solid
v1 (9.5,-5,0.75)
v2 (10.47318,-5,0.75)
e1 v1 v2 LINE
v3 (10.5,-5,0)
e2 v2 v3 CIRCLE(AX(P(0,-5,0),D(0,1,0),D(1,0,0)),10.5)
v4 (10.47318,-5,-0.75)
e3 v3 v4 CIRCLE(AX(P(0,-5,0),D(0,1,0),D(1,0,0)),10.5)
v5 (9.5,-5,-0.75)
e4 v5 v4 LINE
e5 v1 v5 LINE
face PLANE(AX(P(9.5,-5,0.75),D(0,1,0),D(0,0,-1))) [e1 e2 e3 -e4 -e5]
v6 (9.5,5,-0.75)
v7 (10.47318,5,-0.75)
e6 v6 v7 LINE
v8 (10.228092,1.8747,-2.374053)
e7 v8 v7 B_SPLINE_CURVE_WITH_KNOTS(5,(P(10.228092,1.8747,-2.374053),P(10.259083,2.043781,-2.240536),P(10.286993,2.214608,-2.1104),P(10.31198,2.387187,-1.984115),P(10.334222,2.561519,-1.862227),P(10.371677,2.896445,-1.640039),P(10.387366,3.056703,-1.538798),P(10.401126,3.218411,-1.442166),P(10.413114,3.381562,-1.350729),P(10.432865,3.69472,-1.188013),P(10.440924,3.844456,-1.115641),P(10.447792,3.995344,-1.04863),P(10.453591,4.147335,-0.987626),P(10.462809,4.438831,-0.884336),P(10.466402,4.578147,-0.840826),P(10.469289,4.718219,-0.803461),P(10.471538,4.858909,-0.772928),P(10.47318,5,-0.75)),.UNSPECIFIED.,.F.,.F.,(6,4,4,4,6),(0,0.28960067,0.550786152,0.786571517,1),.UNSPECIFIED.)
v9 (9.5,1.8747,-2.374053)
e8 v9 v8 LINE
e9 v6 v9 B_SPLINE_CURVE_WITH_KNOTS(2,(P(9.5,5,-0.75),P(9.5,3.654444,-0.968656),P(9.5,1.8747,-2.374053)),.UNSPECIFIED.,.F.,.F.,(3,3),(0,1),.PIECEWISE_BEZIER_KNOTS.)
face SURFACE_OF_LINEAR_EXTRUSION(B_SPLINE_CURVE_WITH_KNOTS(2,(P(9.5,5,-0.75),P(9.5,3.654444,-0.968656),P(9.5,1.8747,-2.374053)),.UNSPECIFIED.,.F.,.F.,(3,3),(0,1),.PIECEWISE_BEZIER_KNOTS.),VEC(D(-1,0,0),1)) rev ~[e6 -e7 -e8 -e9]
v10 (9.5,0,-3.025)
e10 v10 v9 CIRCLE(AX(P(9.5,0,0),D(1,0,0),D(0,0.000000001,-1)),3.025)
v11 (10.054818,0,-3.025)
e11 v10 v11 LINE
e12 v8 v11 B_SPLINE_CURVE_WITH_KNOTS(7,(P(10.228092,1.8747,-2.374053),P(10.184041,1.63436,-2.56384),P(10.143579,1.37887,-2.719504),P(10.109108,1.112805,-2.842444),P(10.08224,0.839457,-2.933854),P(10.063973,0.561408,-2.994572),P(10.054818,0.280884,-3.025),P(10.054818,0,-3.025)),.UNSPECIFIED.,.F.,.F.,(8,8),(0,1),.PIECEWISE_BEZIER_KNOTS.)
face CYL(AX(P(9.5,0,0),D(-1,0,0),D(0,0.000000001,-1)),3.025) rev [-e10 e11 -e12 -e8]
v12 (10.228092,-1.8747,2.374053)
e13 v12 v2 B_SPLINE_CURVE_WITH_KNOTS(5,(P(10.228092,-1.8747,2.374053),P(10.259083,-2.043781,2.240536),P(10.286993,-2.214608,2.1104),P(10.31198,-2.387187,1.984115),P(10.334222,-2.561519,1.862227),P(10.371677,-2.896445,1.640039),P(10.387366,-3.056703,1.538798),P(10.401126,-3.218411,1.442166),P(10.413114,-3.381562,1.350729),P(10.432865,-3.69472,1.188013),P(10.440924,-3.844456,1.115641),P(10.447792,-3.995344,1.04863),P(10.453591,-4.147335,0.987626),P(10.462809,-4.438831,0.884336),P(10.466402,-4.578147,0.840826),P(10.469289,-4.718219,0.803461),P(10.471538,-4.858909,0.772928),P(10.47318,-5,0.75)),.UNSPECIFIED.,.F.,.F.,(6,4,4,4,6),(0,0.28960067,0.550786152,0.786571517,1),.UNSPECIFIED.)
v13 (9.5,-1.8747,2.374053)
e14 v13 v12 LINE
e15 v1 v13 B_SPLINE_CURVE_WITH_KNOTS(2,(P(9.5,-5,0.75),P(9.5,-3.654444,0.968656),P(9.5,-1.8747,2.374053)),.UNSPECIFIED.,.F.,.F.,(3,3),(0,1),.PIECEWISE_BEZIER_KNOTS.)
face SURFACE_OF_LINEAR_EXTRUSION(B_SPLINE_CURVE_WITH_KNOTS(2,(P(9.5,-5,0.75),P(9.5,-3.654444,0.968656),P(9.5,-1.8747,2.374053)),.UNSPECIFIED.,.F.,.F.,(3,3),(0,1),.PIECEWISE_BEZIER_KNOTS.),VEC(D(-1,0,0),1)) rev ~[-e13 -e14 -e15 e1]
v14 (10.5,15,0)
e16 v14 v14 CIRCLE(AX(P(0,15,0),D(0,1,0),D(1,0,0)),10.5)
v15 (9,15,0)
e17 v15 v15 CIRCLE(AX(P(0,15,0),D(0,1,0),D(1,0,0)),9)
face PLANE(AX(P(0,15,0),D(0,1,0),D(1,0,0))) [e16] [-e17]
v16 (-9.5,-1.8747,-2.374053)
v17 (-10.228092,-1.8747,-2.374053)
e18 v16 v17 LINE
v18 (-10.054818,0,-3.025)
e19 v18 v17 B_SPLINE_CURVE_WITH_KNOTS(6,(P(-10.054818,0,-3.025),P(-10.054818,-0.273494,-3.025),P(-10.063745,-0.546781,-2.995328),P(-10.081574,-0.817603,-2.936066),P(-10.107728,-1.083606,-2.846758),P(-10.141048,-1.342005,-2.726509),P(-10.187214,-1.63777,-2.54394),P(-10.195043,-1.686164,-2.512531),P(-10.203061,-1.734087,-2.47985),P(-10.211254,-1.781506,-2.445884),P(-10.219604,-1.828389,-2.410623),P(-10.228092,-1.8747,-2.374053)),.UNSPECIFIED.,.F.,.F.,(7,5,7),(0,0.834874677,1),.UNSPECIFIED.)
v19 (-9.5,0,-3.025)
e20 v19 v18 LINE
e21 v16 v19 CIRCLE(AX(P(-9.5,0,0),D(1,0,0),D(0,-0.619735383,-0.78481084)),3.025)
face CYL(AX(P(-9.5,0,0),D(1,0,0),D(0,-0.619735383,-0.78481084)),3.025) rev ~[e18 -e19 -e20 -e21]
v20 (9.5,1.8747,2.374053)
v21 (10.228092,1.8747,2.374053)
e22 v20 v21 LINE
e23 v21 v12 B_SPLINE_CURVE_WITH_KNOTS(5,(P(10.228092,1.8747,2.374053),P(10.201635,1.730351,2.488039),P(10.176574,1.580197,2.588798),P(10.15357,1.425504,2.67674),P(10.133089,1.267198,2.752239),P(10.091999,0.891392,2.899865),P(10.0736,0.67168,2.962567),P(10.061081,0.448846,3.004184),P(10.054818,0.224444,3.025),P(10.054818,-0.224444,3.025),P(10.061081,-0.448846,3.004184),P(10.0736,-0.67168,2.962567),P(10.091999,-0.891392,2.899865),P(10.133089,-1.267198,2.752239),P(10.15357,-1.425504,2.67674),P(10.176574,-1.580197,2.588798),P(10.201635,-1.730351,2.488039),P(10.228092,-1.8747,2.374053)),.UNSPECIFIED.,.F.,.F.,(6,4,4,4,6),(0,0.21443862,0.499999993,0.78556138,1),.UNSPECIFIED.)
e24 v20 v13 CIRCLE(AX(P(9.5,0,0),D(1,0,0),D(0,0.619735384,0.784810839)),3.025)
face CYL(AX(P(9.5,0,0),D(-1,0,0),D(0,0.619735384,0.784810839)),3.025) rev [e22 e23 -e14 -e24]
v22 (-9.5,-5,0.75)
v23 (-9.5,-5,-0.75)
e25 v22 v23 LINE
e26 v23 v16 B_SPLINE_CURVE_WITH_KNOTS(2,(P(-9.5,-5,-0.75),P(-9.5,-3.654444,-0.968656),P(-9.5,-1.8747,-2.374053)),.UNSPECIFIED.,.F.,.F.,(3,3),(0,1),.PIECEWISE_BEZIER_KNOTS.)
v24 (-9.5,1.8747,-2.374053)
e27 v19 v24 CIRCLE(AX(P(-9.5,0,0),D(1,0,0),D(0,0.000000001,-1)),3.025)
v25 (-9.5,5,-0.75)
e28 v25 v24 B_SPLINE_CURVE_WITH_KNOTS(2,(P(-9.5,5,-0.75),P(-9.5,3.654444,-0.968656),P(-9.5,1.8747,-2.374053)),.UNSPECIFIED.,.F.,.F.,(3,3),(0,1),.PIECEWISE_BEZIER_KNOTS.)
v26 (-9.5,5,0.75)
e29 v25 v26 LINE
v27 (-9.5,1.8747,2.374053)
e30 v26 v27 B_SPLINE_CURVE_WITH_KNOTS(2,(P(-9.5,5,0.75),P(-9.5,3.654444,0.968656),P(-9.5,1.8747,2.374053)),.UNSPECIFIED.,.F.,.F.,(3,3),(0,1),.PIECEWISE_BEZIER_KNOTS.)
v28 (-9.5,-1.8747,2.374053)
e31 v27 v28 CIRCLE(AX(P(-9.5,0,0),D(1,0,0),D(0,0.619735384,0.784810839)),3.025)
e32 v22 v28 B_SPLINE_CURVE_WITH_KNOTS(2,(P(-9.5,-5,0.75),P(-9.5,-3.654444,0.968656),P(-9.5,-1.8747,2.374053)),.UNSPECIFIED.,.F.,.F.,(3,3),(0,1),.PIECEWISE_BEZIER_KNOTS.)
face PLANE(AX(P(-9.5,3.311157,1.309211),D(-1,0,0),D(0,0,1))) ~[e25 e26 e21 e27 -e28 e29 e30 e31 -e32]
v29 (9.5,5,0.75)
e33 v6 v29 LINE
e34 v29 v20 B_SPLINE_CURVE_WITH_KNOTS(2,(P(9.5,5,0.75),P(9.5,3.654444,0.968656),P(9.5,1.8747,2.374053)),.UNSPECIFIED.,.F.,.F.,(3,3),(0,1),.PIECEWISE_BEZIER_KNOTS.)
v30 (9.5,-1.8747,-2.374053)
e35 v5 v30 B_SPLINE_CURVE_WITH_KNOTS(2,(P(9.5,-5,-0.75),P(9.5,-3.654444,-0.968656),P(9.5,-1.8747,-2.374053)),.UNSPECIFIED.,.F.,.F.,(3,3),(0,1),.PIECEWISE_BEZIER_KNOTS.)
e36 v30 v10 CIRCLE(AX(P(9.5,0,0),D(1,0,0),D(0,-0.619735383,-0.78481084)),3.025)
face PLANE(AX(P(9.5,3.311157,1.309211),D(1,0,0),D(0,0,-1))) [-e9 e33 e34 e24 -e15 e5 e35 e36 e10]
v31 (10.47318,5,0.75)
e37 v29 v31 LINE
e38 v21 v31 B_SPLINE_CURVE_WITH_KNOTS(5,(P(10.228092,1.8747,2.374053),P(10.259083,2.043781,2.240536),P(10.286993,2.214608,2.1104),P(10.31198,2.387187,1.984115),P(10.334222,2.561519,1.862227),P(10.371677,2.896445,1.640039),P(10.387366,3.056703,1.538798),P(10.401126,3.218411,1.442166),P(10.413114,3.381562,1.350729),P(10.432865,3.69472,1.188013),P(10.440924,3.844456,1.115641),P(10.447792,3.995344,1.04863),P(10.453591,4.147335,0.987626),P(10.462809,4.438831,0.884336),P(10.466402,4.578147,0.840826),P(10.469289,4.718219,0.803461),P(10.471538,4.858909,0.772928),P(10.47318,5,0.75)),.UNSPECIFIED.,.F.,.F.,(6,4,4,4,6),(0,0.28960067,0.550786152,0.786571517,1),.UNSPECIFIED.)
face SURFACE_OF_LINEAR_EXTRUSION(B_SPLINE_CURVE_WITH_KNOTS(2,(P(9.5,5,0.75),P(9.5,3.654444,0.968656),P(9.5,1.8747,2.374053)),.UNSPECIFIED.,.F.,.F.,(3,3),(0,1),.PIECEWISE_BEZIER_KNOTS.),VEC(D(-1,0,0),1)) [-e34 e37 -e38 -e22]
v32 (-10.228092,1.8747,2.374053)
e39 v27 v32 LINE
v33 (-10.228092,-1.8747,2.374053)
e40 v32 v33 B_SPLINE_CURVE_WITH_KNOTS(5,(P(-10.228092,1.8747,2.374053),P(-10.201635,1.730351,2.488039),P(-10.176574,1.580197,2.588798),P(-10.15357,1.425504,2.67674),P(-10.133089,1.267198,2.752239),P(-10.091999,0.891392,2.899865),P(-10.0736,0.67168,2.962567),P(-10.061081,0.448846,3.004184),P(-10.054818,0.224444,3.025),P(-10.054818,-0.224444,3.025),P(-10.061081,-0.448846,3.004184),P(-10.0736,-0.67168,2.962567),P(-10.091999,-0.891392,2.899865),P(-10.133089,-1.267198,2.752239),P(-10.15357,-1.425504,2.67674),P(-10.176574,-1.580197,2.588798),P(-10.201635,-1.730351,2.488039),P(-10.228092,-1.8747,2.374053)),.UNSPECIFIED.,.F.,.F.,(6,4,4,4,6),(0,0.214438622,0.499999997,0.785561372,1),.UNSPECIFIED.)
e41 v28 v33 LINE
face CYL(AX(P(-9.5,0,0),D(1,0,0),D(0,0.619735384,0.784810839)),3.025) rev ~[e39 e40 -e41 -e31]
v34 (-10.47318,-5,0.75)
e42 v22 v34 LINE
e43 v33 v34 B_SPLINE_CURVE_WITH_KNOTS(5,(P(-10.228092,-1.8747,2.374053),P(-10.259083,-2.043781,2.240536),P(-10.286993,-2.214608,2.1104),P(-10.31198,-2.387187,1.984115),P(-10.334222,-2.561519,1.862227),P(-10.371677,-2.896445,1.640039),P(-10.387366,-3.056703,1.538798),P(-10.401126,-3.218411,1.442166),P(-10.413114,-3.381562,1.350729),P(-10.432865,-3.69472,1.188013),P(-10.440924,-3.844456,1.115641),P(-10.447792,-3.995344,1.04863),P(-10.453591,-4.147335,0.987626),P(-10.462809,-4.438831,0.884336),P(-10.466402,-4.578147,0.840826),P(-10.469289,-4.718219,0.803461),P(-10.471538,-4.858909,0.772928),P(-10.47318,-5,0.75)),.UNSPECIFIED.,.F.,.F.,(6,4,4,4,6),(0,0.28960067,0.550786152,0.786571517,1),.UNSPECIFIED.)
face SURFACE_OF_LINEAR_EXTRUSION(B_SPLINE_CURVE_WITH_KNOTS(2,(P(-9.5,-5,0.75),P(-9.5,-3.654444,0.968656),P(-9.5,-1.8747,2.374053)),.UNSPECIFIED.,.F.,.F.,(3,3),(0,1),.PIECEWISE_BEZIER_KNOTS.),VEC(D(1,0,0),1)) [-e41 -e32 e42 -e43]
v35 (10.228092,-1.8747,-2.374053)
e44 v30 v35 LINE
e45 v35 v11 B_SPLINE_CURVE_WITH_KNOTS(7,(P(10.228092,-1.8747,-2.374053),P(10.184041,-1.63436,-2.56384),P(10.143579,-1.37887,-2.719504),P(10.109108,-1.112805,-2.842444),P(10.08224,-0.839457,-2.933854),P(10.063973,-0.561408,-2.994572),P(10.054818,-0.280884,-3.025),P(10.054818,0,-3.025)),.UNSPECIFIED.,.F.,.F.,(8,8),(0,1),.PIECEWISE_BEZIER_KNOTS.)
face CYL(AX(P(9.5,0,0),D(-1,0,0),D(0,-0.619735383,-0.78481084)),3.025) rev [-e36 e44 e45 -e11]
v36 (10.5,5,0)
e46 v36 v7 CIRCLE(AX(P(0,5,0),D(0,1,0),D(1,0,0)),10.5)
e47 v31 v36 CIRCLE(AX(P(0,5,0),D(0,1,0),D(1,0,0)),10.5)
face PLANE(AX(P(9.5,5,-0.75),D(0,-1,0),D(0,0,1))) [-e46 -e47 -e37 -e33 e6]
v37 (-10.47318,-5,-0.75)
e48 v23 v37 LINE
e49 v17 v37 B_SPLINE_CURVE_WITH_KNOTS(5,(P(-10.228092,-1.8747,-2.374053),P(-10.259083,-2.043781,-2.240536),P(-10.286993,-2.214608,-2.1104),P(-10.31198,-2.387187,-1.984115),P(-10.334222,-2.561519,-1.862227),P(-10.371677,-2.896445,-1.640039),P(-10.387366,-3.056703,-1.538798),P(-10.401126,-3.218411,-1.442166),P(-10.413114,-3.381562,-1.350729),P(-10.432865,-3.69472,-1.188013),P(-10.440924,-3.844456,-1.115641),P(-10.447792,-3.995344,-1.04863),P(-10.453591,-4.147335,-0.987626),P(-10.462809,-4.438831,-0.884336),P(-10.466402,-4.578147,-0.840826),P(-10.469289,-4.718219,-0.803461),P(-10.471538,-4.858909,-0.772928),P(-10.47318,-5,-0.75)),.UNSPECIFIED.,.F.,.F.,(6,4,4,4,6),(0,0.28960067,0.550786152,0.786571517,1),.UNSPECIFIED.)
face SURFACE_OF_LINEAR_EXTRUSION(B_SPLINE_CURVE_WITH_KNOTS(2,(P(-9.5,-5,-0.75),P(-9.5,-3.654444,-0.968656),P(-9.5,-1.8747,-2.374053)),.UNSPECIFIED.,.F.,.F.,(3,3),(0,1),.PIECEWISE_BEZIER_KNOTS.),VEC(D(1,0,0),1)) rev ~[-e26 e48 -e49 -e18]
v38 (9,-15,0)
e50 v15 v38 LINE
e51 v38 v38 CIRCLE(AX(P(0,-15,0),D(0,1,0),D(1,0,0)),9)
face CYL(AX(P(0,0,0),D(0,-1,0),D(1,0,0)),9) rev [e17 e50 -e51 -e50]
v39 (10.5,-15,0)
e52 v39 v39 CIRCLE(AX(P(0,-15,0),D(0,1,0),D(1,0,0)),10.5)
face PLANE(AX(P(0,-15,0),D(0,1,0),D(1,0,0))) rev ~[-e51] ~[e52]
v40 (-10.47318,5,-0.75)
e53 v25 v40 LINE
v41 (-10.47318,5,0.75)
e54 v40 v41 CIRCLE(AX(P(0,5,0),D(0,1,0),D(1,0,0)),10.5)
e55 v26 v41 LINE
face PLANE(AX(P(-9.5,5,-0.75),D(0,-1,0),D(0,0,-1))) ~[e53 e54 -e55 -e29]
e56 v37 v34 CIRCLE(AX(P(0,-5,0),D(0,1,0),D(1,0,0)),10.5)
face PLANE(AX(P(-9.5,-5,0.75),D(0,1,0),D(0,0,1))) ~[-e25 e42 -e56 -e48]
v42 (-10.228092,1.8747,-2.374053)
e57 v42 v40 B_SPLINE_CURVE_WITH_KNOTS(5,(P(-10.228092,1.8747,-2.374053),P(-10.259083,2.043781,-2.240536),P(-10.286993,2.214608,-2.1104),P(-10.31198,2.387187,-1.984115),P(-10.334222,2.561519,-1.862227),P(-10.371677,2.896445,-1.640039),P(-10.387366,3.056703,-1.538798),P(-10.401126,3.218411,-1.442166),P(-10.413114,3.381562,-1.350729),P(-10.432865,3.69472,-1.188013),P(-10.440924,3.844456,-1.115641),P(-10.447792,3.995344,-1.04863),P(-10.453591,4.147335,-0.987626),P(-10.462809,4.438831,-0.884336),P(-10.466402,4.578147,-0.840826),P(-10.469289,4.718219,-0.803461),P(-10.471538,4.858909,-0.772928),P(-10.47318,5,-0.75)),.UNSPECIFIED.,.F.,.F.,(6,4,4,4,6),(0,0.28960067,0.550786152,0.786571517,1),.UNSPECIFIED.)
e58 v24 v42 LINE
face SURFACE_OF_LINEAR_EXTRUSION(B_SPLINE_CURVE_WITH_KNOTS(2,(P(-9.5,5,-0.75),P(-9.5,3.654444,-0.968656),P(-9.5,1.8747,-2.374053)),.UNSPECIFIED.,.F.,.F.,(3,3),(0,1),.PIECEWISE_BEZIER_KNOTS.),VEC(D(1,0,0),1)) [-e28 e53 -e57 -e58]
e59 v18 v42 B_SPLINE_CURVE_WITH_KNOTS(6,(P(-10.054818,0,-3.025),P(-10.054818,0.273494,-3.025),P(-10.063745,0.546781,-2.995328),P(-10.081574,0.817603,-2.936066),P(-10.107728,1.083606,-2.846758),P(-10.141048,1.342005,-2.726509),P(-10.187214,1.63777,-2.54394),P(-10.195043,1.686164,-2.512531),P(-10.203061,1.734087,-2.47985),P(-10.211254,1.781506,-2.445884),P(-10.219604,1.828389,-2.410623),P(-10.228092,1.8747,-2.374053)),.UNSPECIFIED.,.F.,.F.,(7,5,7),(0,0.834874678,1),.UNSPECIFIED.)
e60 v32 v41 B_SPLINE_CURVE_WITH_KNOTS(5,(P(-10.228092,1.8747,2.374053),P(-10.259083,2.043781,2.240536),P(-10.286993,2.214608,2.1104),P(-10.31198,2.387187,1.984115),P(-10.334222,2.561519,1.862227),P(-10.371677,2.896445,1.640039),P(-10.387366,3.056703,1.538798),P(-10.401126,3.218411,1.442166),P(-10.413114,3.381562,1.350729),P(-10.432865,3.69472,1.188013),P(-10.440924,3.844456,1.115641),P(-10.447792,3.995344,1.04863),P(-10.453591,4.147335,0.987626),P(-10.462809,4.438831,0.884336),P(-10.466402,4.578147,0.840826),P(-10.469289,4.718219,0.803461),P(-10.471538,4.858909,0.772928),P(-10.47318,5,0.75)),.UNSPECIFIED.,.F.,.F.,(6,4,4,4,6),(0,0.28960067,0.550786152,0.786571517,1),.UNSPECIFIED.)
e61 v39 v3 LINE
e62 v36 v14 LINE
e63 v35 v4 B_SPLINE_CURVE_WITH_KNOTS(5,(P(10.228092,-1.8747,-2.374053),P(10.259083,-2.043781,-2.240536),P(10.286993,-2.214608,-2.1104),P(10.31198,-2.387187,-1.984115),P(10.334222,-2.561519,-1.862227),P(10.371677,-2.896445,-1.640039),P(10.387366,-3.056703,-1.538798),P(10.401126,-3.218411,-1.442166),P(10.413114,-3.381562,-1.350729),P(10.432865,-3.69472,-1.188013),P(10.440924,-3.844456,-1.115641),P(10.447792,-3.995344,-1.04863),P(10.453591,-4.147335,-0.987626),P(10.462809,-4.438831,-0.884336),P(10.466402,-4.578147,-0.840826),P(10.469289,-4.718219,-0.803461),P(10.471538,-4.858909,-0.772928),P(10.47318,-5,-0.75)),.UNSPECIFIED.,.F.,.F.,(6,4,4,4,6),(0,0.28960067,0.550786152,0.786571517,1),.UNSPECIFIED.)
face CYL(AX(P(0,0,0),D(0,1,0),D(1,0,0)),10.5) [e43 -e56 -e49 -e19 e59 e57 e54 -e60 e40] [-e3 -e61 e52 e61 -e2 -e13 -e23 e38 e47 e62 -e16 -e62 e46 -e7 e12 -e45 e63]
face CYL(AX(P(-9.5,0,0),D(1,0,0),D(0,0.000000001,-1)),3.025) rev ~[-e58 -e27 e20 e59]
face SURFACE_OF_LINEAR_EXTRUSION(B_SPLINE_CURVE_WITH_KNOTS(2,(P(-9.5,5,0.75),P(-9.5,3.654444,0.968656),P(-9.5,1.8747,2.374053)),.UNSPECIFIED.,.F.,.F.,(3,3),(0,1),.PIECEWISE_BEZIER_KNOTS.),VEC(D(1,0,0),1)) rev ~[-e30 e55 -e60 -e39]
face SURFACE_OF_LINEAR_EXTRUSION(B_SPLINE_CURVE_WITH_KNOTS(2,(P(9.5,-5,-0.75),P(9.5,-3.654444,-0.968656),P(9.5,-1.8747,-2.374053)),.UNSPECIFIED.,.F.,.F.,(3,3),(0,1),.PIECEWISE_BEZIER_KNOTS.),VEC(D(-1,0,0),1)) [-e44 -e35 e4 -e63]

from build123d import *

# Parameters (mm, degrees)
SKETCH1_R           = 10.5
SKETCH1_R_2         = 9
BOSS_EXTRUDE1_DEPTH = 15
CUT_EXTRUDE1_START  = 9.5
CUT_EXTRUDE1_DEPTH  = 2


with BuildPart() as part:
    # Sketch1 → Boss-Extrude1 (new body, symmetric)
    with BuildSketch(Plane(origin=(0, 0, 0), x_dir=(1, 0, 0), z_dir=(0, 1, 0))):
        Circle(SKETCH1_R)
        Circle(SKETCH1_R_2, mode=Mode.SUBTRACT)
    extrude(amount=BOSS_EXTRUDE1_DEPTH, both=True)

    # Sketch2 → Cut-Extrude1 (cut)
    with BuildSketch(Plane(origin=(0, 0, 0), x_dir=(0, 0, -1), z_dir=(1, 0, 0)).offset(CUT_EXTRUDE1_START)):
        with BuildLine():
            ThreePointArc((-2.374052789, 1.874699538), (-1.648827359, 2.536137485), (-0.75, 2.93055029))
            Line((-0.75, 2.93055029), (-0.75, 5))
            add(Edge.make_bspline(
                [(-0.75, 5), (-0.968656254, 3.654443702), (-2.374052789, 1.874699538)],
                knots=[0, 0, 0, 1, 1, 1], degree=2))
        make_face()
        with BuildLine():
            ThreePointArc((-2.374052789, -1.874699538), (-1.648827359, -2.536137485), (-0.75, -2.93055029))
            Line((-0.75, -2.93055029), (-0.75, 2.93055029))
            ThreePointArc((-0.75, 2.93055029), (-1.648827359, 2.536137485), (-2.374052789, 1.874699538))
            ThreePointArc((-2.374052789, 1.874699538), (-3.025, 0), (-2.374052789, -1.874699538))
        make_face()
        with BuildLine():
            Line((0.75, 2.93055029), (0.75, -2.93055029))
            ThreePointArc((0.75, -2.93055029), (1.648827359, -2.536137485), (2.374052789, -1.874699538))
            ThreePointArc((2.374052789, -1.874699538), (2.857633171, -0.992248788), (3.025, 0))
            ThreePointArc((3.025, 0), (2.857633171, 0.992248788), (2.374052789, 1.874699538))
            ThreePointArc((2.374052789, 1.874699538), (1.648827359, 2.536137485), (0.75, 2.93055029))
        make_face()
        with BuildLine():
            Line((0.75, 5), (0.75, 2.93055029))
            ThreePointArc((0.75, 2.93055029), (1.648827359, 2.536137485), (2.374052789, 1.874699538))
            add(Edge.make_bspline(
                [(0.75, 5), (0.968656254, 3.654443702), (2.374052789, 1.874699538)],
                knots=[0, 0, 0, 1, 1, 1], degree=2))
        make_face()
        with BuildLine():
            Line((0.75, -2.93055029), (0.75, -5))
            add(Edge.make_bspline(
                [(0.75, -5), (0.968656254, -3.654443702), (2.374052789, -1.874699538)],
                knots=[0, 0, 0, 1, 1, 1], degree=2))
            ThreePointArc((2.374052789, -1.874699538), (1.648827359, -2.536137485), (0.75, -2.93055029))
        make_face()
        with BuildLine():
            Line((-0.75, -5), (0.75, -5))
            Line((0.75, -5), (0.75, -2.93055029))
            ThreePointArc((0.75, -2.93055029), (0, -3.025), (-0.75, -2.93055029))
            Line((-0.75, -2.93055029), (-0.75, -5))
        make_face()
        with BuildLine():
            add(Edge.make_bspline(
                [(-0.75, -5), (-0.968656254, -3.654443702), (-2.374052789, -1.874699538)],
                knots=[0, 0, 0, 1, 1, 1], degree=2))
            Line((-0.75, -5), (-0.75, -2.93055029))
            ThreePointArc((-0.75, -2.93055029), (-1.648827359, -2.536137485), (-2.374052789, -1.874699538))
        make_face()
        with BuildLine():
            ThreePointArc((-0.75, 2.93055029), (0, 3.025), (0.75, 2.93055029))
            Line((0.75, 2.93055029), (0.75, 5))
            Line((0.75, 5), (-0.75, 5))
            Line((-0.75, 5), (-0.75, 2.93055029))
        make_face()
        with BuildLine():
            ThreePointArc((-0.75, -2.93055029), (0, -3.025), (0.75, -2.93055029))
            Line((0.75, -2.93055029), (0.75, 2.93055029))
            ThreePointArc((0.75, 2.93055029), (0, 3.025), (-0.75, 2.93055029))
            Line((-0.75, 2.93055029), (-0.75, -2.93055029))
        make_face()
    cut_extrude1 = extrude(amount=CUT_EXTRUDE1_DEPTH, mode=Mode.SUBTRACT)

    # Mirror1: Cut-Extrude1 across plane
    add(cut_extrude1.mirror(Plane(origin=(0, 0, 0), x_dir=(0, 0, 1), z_dir=(1, 0, 0))), mode=Mode.SUBTRACT)


solid = part.part
